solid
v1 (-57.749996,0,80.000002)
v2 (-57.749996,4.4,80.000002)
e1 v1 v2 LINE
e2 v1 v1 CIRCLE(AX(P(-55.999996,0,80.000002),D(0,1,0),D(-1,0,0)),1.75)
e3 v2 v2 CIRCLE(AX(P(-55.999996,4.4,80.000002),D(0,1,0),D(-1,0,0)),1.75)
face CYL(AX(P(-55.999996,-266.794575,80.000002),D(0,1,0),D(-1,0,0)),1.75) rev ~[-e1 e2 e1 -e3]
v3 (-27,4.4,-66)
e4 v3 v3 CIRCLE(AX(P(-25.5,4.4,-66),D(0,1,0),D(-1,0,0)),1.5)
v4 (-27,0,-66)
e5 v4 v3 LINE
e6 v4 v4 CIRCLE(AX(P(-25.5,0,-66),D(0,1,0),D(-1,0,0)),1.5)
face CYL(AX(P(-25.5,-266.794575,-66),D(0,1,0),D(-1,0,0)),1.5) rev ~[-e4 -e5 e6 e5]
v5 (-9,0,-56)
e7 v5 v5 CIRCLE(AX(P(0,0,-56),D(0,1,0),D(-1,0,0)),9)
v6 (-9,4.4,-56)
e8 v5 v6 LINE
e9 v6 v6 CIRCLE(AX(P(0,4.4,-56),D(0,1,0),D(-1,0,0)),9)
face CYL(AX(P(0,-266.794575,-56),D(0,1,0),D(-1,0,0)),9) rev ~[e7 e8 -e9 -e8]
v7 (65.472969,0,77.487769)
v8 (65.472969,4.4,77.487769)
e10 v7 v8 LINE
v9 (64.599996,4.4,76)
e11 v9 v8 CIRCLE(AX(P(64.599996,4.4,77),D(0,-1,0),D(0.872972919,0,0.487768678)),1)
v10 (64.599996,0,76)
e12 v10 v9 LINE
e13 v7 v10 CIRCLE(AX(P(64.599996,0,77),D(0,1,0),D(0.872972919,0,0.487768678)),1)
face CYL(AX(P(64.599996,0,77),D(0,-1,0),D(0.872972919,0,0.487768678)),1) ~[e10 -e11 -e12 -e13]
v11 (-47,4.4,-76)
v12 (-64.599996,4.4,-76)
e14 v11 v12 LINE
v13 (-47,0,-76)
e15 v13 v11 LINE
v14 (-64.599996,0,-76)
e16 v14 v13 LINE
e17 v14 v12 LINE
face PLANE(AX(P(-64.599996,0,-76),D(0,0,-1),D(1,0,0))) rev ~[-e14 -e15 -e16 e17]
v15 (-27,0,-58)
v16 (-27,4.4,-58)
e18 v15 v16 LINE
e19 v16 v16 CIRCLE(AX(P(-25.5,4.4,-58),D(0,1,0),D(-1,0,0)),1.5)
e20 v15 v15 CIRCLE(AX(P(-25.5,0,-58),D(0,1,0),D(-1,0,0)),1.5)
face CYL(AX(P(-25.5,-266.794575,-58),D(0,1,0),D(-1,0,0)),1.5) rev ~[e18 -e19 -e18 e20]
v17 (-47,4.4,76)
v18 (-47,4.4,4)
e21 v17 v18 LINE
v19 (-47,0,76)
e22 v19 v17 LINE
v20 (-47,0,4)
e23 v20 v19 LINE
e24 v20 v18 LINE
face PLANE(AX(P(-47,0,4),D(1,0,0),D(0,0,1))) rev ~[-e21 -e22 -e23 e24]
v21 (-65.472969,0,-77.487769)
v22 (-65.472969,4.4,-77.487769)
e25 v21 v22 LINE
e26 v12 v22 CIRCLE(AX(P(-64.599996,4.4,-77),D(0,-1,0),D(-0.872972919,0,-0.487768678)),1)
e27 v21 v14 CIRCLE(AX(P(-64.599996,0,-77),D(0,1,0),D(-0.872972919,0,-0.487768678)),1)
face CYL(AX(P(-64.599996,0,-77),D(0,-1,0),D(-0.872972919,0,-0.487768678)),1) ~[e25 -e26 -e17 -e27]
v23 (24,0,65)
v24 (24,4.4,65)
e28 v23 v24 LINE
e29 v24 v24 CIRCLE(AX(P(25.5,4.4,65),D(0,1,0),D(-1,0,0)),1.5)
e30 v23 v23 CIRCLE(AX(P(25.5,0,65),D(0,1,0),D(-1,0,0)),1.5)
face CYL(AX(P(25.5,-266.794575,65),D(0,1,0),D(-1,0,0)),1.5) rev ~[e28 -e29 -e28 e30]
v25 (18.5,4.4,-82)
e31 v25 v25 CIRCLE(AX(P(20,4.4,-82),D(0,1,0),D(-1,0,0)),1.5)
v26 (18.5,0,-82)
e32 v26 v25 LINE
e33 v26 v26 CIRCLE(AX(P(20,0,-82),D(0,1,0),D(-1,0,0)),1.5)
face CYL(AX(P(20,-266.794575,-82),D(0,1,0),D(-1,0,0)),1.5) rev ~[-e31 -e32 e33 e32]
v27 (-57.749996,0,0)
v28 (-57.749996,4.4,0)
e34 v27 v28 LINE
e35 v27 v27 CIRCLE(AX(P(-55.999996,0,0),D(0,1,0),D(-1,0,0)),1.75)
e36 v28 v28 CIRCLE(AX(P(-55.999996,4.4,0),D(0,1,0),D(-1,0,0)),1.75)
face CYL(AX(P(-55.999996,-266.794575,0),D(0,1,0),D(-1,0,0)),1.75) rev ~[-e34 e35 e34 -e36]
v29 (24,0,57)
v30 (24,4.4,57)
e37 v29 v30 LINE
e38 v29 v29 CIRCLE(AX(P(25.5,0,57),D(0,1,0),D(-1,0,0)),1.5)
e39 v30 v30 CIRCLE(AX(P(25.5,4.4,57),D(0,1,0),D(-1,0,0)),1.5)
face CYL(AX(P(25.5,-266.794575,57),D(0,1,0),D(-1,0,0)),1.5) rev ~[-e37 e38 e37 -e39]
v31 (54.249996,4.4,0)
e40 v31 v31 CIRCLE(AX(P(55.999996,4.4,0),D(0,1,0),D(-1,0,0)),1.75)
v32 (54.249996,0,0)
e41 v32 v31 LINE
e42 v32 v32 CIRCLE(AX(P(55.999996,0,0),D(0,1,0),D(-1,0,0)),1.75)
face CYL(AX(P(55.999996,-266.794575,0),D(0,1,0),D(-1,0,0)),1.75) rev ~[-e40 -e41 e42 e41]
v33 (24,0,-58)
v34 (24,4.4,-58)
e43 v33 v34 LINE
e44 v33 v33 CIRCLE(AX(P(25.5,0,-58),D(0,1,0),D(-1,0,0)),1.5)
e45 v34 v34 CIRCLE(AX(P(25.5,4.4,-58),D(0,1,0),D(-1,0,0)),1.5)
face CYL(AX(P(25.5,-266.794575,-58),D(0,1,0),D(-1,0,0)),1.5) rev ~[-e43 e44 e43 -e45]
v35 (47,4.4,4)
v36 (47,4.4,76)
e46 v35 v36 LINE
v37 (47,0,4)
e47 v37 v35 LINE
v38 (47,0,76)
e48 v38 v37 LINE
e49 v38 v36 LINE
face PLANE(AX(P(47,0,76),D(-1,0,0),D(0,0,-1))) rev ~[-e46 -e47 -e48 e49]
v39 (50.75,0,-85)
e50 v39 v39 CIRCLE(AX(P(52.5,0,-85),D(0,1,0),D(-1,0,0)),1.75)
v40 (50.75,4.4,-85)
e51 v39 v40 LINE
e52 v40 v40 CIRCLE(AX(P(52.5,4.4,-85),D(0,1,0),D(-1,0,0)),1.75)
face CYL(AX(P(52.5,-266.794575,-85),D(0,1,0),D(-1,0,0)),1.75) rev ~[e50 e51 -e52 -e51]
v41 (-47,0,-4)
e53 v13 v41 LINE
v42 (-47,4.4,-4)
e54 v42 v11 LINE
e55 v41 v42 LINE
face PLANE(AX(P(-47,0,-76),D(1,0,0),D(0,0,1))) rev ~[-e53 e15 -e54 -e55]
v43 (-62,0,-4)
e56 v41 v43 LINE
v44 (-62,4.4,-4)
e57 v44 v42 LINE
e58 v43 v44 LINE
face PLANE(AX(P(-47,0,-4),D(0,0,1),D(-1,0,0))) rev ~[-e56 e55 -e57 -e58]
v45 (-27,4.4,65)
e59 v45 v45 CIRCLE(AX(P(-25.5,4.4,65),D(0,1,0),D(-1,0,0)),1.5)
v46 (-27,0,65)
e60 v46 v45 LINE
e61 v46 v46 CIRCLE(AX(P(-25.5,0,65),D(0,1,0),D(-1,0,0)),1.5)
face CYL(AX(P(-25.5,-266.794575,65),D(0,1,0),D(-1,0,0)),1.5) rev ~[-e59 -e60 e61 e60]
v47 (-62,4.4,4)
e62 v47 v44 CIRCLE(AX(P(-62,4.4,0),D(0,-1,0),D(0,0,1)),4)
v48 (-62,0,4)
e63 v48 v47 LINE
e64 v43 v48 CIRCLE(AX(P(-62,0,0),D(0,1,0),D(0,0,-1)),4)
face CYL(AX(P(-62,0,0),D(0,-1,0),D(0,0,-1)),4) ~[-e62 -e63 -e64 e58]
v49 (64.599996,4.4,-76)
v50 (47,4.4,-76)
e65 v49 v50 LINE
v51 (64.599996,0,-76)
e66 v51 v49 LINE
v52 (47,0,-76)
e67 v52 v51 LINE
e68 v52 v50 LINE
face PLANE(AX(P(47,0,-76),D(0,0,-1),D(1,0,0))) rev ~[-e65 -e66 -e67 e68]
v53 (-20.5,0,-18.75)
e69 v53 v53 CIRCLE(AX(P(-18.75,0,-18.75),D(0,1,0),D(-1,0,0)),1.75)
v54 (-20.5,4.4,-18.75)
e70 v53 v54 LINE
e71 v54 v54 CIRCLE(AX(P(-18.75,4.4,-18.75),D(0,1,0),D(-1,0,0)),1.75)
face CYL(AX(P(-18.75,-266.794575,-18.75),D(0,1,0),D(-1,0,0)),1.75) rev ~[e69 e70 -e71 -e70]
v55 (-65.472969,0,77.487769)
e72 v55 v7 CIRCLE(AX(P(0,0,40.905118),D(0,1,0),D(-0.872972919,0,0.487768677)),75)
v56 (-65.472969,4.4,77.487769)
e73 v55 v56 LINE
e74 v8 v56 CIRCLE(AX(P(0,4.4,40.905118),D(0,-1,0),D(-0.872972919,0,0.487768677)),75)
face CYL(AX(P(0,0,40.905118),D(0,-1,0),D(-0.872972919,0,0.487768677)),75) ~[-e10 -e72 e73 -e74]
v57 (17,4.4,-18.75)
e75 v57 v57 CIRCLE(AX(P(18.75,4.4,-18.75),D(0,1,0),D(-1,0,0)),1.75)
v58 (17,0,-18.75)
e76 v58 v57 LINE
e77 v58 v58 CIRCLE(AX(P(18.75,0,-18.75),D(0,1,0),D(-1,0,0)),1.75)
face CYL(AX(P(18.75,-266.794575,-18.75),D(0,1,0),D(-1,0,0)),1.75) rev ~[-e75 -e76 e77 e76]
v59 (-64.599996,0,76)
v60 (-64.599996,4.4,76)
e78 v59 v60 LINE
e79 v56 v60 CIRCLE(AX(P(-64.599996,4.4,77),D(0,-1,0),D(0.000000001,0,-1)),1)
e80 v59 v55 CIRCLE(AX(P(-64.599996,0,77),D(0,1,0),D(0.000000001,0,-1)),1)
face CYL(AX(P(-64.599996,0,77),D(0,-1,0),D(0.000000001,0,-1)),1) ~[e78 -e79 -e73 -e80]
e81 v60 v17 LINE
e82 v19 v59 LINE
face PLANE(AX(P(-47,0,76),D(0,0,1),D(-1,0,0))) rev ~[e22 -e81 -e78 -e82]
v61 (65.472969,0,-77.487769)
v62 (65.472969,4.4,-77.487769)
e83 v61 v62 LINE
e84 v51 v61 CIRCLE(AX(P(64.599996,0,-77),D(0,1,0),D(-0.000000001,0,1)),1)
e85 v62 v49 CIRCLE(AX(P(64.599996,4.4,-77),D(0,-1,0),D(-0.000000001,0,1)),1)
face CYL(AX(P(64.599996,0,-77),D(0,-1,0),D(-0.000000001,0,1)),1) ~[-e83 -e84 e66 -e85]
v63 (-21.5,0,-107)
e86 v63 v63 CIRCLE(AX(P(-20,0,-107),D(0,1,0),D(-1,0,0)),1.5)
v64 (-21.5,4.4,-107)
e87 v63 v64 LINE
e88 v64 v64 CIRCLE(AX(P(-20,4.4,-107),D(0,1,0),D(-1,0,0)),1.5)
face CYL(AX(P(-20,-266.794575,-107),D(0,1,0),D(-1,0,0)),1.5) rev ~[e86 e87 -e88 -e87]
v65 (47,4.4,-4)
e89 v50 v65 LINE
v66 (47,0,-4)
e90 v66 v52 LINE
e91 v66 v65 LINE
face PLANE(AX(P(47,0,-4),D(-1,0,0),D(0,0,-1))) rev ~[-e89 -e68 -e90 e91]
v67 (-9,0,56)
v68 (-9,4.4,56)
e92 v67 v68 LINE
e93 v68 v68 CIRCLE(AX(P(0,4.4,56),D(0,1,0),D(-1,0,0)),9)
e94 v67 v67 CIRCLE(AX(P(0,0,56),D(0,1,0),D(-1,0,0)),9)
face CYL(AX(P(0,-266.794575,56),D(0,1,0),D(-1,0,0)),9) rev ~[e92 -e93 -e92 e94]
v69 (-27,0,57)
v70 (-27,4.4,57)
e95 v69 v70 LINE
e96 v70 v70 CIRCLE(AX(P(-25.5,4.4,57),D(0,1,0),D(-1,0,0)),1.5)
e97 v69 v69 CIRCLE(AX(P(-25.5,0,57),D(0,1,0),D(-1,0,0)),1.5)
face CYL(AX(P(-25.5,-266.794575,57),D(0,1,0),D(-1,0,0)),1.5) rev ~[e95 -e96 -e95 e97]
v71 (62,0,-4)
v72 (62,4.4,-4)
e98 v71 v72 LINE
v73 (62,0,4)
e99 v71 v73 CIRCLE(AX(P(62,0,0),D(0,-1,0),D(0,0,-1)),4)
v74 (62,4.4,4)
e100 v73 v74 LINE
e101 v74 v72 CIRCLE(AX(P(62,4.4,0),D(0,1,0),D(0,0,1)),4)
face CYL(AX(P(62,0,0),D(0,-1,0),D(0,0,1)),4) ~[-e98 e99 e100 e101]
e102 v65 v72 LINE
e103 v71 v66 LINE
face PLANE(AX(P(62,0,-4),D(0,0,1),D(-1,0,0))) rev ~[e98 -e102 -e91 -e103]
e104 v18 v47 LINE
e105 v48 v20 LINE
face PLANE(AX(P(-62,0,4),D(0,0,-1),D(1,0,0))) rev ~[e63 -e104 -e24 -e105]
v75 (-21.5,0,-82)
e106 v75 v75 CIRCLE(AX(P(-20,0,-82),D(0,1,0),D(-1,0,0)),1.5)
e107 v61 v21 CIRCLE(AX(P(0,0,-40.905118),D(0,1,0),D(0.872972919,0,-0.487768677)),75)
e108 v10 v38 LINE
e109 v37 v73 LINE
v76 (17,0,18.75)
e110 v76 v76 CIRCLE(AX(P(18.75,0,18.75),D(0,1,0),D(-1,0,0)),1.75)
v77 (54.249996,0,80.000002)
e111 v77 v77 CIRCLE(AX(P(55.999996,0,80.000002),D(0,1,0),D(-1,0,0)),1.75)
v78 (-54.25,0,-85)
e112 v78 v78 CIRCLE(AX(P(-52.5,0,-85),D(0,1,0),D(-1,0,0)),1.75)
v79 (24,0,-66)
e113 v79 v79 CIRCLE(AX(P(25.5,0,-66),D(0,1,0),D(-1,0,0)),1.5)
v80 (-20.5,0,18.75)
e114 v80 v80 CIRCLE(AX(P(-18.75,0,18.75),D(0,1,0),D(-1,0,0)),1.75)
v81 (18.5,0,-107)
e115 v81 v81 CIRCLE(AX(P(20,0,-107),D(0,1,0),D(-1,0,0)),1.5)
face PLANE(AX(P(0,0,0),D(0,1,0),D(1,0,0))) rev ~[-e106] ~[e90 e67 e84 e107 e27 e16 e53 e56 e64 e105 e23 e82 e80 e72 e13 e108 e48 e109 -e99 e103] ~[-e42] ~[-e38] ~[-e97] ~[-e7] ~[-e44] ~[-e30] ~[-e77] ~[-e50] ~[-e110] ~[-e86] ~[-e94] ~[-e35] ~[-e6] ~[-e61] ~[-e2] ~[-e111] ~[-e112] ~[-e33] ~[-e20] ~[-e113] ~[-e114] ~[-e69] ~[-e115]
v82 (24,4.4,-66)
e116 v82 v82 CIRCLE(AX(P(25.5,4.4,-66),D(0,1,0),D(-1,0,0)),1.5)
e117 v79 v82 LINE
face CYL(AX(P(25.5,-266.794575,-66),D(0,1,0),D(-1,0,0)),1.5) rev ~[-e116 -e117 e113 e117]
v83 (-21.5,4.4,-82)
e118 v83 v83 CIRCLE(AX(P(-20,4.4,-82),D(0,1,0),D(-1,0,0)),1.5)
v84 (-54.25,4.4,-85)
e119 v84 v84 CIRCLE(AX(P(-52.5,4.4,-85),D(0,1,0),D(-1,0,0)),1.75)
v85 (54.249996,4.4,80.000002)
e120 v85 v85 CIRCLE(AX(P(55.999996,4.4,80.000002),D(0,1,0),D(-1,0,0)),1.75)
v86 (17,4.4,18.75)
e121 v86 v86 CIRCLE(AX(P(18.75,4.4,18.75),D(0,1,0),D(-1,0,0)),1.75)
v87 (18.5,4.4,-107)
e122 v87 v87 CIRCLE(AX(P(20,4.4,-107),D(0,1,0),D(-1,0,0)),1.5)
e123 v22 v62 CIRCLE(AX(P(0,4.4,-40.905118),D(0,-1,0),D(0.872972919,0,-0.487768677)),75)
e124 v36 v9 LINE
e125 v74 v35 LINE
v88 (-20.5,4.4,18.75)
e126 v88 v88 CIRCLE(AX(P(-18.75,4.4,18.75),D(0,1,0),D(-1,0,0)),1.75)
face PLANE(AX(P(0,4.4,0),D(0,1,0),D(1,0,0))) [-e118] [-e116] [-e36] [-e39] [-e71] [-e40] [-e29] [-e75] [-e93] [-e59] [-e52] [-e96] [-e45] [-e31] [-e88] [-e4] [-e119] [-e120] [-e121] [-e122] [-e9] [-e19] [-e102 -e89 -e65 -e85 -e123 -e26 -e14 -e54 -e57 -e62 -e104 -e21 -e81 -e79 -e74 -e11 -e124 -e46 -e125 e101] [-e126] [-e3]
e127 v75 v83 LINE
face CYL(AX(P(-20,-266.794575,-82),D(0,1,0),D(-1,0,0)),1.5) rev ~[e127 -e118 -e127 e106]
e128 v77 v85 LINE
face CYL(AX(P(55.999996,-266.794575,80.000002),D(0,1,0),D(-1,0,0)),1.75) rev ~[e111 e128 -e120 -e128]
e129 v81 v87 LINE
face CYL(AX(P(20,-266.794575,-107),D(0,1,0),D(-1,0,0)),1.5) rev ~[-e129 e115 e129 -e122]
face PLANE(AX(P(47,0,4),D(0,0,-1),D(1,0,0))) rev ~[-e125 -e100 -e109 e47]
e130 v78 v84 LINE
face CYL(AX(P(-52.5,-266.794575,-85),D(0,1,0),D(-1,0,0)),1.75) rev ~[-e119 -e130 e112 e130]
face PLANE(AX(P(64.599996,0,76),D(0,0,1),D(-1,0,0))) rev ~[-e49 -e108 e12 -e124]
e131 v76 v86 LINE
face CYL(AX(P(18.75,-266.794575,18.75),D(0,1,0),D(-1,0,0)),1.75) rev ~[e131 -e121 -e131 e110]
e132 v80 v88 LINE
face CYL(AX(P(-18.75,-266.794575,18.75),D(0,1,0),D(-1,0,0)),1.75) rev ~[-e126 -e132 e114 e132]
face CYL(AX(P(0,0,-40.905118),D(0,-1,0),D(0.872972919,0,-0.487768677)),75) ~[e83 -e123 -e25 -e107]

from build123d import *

# Parameters (mm, degrees)
SKETCH2_W                  = 132
SKETCH2_H                  = 232
PLATE_SIZE_DEPTH           = 4.4
SKETCH4_OUTSIDE_W          = 187.392
SKETCH4_OUTSIDE_H          = 287.392
OUTER_PROFILE_DEPTH        = 5.4
M3_CLEARANCE_HOLE1_D       = 3.5
F_18_0_18_DIAMETER_HOLE4_D = 18
M3_CLEARANCE_HOLE2_D       = 3.5
M3_CLEARANCE_HOLE3_D       = 3
M3_CLEARANCE_HOLE4_D       = 3


with BuildPart() as part:
    # Sketch2 → Plate Size (new body)
    with BuildSketch(Plane(origin=(0, 0, 0), x_dir=(1, 0, 0), z_dir=(0, 1, 0))):
        Rectangle(SKETCH2_W, SKETCH2_H)
    extrude(amount=PLATE_SIZE_DEPTH)

    # Sketch4 outside → Outer Profile (cut, through all)
    with BuildSketch(Plane(origin=(0, 0, 0), x_dir=(1, 0, 0), z_dir=(0, 1, 0))):
        Rectangle(SKETCH4_OUTSIDE_W, SKETCH4_OUTSIDE_H)
        with BuildLine():
            Line((-64.599996007, 76), (-47, 76))
            Line((-47, 76), (-47, 4))
            Line((-47, 4), (-62, 4))
            ThreePointArc((-62, 4), (-66, 0), (-62, -4))
            Line((-62, -4), (-47, -4))
            Line((-47, -4), (-47, -76))
            Line((-47, -76), (-64.599996007, -76))
            ThreePointArc((-64.599996007, -76), (-65.462483305, -76.493921289), (-65.472968926, -77.487768677))
            ThreePointArc((-65.472968926, -77.487768677), (0, -115.905117871), (65.472968926, -77.487768677))
            ThreePointArc((65.472968926, -77.487768677), (65.462483305, -76.493921289), (64.599996007, -76))
            Line((64.599996007, -76), (47, -76))
            Line((47, -76), (47, -4))
            Line((47, -4), (62, -4))
            ThreePointArc((62, -4), (66, 0), (62, 4))
            Line((62, 4), (47, 4))
            Line((47, 4), (47, 76))
            Line((47, 76), (64.599996007, 76))
            ThreePointArc((64.599996007, 76), (65.462483305, 76.493921289), (65.472968926, 77.487768677))
            ThreePointArc((65.472968926, 77.487768677), (0, 115.905117871), (-65.472968926, 77.487768677))
            ThreePointArc((-65.472968926, 77.487768677), (-65.462483305, 76.493921289), (-64.599996007, 76))
        make_face(mode=Mode.SUBTRACT)
    extrude(amount=OUTER_PROFILE_DEPTH, mode=Mode.SUBTRACT)

    # M3 Clearance Hole1 (through all)
    with Locations(Plane.XZ):
        with Locations((-55.999996141, 80.000001937), (55.999996141, 80.000001937), (-52.5, -85), (52.5, -85), (-55.999996141, 0), (55.999996141, 0)):
            Hole(M3_CLEARANCE_HOLE1_D / 2)

    # Ø18.0 (18) Diameter Hole4 (through all)
    with Locations(Plane.XZ):
        with Locations((0, -56), (0, 56)):
            Hole(F_18_0_18_DIAMETER_HOLE4_D / 2)

    # M3 Clearance Hole2 (through all)
    with Locations(Plane.XZ):
        with Locations((18.75, -18.75), (-18.75, 18.75), (18.75, 18.75), (-18.75, -18.75)):
            Hole(M3_CLEARANCE_HOLE2_D / 2)

    # M3 Clearance Hole3 (through all)
    with Locations(Plane.XZ):
        with Locations((-25.5, -66.00000008), (25.5, 65.00000008), (-25.5, 65.00000008), (25.5, -66.00000008), (-25.5, -58.00000008), (25.5, -58.00000008), (25.5, 57.00000008), (-25.5, 57.00000008)):
            Hole(M3_CLEARANCE_HOLE3_D / 2)

    # M3 Clearance Hole4 (through all)
    with Locations(Plane.XZ):
        with Locations((-20, -107), (20, -107), (-20, -82), (20, -82)):
            Hole(M3_CLEARANCE_HOLE4_D / 2)


solid = part.part
